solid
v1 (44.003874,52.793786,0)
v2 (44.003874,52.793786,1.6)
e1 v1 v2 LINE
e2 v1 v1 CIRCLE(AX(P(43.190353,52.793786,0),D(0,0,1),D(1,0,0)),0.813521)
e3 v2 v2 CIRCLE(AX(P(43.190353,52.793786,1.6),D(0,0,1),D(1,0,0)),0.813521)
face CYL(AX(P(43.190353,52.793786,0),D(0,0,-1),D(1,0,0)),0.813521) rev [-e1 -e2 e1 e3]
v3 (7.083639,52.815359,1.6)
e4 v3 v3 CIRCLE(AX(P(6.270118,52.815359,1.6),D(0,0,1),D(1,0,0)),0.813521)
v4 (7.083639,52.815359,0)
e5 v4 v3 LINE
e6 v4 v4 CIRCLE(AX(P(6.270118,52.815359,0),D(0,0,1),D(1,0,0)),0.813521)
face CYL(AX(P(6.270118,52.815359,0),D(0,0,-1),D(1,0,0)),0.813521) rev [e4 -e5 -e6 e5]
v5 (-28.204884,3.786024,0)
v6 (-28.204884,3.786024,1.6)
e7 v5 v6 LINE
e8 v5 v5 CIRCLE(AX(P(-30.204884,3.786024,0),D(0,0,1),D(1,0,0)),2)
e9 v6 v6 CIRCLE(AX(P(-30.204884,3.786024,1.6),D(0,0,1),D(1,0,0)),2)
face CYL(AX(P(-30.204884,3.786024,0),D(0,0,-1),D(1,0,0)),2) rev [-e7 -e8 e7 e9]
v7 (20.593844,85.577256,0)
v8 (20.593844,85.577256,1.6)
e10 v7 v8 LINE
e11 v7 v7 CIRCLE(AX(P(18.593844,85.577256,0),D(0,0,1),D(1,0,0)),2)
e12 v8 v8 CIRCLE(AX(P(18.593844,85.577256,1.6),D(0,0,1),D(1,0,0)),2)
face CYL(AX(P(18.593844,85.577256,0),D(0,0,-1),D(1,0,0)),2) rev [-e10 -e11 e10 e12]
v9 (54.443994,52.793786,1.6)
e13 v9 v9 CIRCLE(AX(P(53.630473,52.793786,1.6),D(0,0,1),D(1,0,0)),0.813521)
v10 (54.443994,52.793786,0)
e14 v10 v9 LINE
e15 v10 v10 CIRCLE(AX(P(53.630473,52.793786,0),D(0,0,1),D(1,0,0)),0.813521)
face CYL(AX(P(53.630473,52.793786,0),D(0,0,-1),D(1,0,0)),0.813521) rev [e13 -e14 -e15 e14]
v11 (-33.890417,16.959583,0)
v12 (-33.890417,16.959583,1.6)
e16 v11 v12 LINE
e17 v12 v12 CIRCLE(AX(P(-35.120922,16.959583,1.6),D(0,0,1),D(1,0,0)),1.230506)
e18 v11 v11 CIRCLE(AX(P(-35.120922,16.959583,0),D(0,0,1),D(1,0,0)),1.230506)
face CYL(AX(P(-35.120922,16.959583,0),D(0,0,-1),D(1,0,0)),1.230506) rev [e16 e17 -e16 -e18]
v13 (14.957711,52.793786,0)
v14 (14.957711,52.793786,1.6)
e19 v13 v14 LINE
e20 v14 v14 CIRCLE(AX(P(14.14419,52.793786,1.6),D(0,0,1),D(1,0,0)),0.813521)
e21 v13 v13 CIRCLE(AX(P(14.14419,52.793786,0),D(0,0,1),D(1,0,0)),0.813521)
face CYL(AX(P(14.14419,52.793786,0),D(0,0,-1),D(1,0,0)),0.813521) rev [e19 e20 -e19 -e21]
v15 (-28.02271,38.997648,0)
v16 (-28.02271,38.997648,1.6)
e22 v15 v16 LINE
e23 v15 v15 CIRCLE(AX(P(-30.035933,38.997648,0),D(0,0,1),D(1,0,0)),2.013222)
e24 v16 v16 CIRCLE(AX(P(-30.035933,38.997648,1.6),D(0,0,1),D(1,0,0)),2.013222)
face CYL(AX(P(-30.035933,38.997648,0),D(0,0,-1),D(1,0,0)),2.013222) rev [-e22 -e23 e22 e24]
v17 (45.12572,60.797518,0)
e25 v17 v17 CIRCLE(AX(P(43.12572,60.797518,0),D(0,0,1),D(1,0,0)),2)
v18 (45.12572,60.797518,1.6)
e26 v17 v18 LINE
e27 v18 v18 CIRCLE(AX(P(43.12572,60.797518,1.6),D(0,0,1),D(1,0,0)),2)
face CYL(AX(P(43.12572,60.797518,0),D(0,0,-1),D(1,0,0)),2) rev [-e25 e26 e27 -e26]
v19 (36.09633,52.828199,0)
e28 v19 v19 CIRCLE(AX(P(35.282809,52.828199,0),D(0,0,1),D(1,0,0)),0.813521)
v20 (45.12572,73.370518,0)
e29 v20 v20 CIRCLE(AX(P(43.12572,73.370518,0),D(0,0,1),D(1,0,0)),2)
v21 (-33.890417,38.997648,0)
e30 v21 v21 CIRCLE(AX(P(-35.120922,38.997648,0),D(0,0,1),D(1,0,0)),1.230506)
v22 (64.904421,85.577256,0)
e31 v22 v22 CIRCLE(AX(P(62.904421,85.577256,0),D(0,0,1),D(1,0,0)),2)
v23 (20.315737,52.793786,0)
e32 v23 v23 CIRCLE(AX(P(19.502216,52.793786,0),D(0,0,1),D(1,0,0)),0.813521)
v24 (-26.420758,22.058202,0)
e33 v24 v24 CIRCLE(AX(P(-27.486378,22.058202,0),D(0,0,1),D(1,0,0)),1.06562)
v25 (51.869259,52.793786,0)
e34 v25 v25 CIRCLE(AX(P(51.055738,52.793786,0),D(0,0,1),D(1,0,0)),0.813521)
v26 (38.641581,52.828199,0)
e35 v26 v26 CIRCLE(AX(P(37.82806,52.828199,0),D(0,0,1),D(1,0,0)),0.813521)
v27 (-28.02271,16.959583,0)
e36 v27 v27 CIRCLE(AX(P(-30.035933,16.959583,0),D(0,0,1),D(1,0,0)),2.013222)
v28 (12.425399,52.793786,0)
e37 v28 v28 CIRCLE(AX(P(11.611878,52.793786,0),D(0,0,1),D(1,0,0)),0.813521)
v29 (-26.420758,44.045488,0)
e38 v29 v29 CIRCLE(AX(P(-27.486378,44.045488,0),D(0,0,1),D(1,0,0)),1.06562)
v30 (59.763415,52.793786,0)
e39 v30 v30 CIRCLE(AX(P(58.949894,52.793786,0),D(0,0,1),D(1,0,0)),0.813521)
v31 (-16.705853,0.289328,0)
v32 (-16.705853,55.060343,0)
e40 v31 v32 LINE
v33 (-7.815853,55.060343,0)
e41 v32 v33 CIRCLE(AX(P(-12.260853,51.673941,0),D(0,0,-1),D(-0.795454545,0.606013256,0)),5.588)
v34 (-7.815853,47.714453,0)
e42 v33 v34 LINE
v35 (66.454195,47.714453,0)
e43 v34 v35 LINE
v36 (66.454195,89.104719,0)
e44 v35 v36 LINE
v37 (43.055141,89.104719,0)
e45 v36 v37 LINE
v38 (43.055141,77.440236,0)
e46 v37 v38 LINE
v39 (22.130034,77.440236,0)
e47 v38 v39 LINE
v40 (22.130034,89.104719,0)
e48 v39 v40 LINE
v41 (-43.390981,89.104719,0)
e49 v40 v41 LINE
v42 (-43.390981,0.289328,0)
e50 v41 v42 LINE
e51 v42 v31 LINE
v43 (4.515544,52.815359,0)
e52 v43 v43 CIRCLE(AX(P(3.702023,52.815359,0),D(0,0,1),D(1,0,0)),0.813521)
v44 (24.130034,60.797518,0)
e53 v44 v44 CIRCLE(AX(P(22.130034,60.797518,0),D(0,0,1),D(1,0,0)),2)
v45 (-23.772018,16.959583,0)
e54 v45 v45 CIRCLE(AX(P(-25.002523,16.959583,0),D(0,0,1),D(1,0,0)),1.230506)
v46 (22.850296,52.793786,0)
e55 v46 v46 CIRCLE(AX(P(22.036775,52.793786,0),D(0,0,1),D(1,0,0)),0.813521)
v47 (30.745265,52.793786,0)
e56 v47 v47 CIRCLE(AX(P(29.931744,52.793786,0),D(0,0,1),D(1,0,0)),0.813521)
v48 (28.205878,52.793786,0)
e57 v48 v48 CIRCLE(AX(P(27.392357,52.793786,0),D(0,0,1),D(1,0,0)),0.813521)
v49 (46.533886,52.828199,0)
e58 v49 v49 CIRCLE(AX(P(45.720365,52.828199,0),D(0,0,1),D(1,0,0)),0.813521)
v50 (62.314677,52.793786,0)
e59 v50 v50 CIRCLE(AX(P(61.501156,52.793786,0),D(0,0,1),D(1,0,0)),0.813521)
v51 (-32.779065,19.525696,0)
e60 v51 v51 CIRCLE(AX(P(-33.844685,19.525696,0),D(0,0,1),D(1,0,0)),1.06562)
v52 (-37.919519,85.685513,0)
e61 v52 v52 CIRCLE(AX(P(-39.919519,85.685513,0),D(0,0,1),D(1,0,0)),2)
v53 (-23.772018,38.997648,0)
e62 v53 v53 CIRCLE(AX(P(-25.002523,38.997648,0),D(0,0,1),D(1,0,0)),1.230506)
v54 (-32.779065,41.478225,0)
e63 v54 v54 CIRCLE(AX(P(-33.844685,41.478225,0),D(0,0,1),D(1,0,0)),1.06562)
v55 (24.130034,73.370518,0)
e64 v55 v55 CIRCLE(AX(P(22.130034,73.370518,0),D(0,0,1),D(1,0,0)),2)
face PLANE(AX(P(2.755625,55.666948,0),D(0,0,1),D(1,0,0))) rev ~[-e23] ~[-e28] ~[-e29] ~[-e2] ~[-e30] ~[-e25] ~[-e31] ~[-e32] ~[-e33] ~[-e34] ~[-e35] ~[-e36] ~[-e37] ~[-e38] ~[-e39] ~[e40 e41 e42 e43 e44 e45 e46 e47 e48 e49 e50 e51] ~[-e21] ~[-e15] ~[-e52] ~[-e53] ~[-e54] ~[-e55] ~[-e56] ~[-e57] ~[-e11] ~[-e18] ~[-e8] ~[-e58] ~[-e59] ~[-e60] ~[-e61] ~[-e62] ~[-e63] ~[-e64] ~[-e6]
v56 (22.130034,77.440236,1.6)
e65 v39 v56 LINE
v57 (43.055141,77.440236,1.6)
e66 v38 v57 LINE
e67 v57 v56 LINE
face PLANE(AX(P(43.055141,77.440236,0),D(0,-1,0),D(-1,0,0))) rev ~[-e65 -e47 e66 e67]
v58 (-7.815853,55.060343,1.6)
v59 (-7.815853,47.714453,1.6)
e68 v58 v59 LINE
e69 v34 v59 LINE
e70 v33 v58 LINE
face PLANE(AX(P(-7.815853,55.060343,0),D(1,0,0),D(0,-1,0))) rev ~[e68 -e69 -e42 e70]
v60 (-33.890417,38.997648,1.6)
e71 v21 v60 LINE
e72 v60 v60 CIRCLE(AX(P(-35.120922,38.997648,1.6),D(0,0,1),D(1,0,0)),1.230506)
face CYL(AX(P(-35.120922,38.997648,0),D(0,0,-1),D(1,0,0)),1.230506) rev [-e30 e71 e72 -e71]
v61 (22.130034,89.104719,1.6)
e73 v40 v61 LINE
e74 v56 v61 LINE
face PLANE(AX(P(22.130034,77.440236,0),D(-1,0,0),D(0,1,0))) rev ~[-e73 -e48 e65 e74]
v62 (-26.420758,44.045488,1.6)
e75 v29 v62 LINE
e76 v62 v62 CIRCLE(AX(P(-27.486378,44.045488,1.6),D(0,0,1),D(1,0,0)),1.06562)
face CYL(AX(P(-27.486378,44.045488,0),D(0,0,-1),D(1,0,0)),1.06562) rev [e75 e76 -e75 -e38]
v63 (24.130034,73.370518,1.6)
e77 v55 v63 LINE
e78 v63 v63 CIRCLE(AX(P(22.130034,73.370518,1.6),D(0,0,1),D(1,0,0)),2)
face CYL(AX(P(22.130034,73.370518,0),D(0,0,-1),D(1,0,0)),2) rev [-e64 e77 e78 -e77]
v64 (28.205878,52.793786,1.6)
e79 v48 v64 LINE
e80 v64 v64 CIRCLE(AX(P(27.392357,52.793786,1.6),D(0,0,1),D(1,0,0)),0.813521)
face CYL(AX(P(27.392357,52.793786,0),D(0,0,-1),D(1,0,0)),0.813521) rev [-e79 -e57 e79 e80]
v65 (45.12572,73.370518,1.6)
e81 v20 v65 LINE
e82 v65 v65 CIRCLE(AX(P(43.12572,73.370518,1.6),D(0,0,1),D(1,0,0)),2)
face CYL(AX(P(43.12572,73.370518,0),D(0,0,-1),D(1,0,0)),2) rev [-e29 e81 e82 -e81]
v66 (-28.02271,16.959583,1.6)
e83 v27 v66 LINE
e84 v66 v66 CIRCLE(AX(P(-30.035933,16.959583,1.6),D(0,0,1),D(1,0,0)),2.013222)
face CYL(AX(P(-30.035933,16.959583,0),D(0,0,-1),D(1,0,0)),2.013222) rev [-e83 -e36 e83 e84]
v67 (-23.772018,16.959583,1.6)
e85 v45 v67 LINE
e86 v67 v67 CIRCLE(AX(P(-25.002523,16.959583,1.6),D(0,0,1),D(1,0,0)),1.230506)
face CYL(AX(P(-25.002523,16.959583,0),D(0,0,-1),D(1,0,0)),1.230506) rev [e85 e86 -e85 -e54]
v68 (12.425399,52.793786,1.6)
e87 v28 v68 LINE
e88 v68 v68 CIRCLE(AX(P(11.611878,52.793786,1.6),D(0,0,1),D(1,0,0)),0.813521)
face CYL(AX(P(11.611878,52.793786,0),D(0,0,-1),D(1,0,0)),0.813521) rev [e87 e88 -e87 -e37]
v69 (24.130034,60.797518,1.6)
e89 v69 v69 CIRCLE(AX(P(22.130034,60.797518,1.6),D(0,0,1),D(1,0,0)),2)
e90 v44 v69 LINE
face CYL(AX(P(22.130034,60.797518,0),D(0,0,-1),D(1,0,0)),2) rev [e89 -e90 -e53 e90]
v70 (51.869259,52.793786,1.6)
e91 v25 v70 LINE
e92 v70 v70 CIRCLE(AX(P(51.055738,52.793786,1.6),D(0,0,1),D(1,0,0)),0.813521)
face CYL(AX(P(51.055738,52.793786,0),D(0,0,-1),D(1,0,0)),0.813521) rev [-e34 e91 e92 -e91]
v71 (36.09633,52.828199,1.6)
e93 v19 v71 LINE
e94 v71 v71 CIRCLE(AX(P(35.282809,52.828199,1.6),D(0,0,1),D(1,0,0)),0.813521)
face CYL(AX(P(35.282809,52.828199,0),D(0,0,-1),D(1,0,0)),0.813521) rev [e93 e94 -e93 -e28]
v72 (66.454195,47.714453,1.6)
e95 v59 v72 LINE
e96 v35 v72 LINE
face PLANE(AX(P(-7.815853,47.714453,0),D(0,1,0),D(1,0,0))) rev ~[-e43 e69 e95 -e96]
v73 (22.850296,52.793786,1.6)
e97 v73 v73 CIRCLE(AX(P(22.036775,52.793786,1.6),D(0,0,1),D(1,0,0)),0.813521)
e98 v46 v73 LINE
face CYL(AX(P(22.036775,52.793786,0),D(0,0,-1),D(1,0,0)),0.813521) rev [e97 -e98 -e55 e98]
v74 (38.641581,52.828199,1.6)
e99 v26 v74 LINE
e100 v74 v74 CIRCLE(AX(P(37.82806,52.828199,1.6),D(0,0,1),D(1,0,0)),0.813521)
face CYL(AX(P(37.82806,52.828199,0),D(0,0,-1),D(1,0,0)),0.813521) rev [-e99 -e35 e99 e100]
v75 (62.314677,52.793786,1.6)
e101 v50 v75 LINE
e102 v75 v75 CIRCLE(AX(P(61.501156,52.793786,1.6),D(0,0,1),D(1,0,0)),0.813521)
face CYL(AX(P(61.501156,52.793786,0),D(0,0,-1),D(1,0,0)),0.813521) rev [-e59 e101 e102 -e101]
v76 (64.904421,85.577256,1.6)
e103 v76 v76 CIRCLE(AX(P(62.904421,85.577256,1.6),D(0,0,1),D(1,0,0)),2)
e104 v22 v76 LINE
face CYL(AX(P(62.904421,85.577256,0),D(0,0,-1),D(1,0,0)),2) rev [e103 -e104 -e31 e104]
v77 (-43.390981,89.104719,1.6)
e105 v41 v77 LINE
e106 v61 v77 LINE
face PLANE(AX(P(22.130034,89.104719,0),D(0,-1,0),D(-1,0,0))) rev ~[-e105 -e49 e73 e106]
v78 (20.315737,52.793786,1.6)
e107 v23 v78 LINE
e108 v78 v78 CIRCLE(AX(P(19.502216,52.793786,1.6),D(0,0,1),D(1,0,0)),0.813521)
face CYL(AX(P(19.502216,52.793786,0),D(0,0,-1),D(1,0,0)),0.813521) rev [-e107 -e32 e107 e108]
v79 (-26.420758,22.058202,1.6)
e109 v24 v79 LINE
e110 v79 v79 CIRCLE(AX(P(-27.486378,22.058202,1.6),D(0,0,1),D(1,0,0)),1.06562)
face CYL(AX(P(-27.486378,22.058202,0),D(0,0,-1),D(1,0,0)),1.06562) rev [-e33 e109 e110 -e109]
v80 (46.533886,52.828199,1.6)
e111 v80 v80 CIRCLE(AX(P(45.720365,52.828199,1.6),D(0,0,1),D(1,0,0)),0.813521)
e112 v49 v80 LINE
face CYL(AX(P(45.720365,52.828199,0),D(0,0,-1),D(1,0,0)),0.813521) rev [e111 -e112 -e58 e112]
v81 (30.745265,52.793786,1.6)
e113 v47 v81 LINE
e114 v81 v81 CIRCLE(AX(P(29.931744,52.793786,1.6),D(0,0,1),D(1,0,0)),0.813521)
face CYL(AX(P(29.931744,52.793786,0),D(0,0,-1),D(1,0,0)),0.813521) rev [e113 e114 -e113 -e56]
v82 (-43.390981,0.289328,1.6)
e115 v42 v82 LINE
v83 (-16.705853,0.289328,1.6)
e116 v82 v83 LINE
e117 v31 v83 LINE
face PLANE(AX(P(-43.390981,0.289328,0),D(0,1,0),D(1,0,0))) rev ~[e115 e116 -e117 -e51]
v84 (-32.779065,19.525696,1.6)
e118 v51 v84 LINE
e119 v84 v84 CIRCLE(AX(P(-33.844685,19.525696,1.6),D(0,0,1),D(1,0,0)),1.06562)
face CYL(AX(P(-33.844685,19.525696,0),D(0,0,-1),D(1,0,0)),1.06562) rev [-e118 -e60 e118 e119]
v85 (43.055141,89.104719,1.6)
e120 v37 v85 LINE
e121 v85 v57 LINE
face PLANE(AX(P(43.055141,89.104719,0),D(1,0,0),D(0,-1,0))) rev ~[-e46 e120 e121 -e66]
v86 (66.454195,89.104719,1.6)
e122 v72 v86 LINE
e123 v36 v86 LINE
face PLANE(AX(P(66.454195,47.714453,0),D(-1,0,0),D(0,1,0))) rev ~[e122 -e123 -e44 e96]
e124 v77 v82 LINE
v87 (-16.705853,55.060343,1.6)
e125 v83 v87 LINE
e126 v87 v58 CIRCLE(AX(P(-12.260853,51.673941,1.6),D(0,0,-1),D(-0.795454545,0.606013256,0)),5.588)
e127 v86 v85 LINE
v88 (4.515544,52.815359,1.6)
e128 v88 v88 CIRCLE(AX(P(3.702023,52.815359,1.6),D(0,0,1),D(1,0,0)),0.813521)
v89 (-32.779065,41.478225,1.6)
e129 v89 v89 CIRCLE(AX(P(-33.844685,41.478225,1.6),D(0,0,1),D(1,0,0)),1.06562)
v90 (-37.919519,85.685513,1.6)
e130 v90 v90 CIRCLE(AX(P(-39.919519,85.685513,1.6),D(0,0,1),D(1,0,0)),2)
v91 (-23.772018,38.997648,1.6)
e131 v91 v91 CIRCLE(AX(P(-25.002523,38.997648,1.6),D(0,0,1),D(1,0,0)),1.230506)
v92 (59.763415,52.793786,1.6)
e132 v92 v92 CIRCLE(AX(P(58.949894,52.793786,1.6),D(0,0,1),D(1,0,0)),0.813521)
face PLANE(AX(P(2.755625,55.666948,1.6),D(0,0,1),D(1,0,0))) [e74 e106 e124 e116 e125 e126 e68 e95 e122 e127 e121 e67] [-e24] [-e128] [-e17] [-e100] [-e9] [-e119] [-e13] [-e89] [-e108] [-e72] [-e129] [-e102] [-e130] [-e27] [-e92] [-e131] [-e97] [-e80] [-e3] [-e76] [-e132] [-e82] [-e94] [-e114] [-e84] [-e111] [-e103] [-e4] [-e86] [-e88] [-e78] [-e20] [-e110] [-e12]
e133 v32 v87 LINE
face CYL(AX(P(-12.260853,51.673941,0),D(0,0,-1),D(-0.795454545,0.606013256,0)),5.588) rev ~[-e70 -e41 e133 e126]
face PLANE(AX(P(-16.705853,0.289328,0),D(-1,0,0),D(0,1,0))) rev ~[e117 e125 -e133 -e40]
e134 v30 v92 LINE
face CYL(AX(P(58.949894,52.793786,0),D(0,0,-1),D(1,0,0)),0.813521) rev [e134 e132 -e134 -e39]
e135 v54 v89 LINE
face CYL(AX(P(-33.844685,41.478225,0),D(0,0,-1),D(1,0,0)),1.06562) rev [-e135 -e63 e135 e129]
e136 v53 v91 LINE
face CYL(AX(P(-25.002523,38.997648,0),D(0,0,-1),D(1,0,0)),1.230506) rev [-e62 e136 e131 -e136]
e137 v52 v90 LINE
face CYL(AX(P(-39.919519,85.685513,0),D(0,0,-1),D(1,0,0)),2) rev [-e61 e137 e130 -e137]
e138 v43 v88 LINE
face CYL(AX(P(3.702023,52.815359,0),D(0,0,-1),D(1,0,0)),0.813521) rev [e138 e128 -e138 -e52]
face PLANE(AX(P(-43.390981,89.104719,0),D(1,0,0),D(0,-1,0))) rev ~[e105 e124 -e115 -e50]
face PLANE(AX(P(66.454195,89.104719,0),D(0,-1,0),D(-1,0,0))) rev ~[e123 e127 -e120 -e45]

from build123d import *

# Parameters (mm, degrees)
SKETCH1_R           = 2
SKETCH1_R_2         = 1.230505914
SKETCH1_R_3         = 1.065619784
SKETCH1_R_4         = 2.013222478
SKETCH1_R_5         = 0.813520941
BOSS_EXTRUDE1_DEPTH = 1.6


with BuildPart() as part:
    # Sketch1 → Boss-Extrude1 (new body)
    with BuildSketch(Plane.XY):
        with BuildLine():
            Line((-43.390980767, 89.104719312), (-43.390980767, 0.289327535))
            Line((-43.390980767, 0.289327535), (-16.705853066, 0.289327535))
            Line((-16.705853066, 0.289327535), (-16.705853066, 55.060343389))
            ThreePointArc((-16.705853066, 55.060343389), (-12.260853066, 57.261941316), (-7.815853066, 55.060343389))
            Line((-7.815853066, 55.060343389), (-7.815853066, 47.714452921))
            Line((-7.815853066, 47.714452921), (66.454194778, 47.714452921))
            Line((66.454194778, 47.714452921), (66.454194778, 48.476452921))
            Line((66.454194778, 48.476452921), (66.454194778, 89.104719312))
            Line((66.454194778, 89.104719312), (43.055141469, 89.104719312))
            Line((43.055141469, 89.104719312), (43.055141469, 77.440236178))
            Line((43.055141469, 77.440236178), (22.130034422, 77.440236178))
            Line((22.130034422, 77.440236178), (22.130034422, 89.104719312))
            Line((22.130034422, 89.104719312), (-43.390980767, 89.104719312))
        make_face()
        with Locations((-30.204884299, 3.786024021)):
            Circle(SKETCH1_R, mode=Mode.SUBTRACT)
        with Locations((-35.12092244, 16.959583239)):
            Circle(SKETCH1_R_2, mode=Mode.SUBTRACT)
        with Locations((-33.844684508, 19.525695646)):
            Circle(SKETCH1_R_3, mode=Mode.SUBTRACT)
        with Locations((-30.03593296, 16.959583239)):
            Circle(SKETCH1_R_4, mode=Mode.SUBTRACT)
        with Locations((-25.002523415, 16.959583239)):
            Circle(SKETCH1_R_2, mode=Mode.SUBTRACT)
        with Locations((-27.486377969, 22.058201664)):
            Circle(SKETCH1_R_3, mode=Mode.SUBTRACT)
        with Locations((-35.12092244, 38.997647894)):
            Circle(SKETCH1_R_2, mode=Mode.SUBTRACT)
        with Locations((-30.03593296, 38.997647894)):
            Circle(SKETCH1_R_4, mode=Mode.SUBTRACT)
        with Locations((-33.844684508, 41.478225078)):
            Circle(SKETCH1_R_3, mode=Mode.SUBTRACT)
        with Locations((-25.002523415, 38.997647894)):
            Circle(SKETCH1_R_2, mode=Mode.SUBTRACT)
        with Locations((-27.486377969, 44.045488268)):
            Circle(SKETCH1_R_3, mode=Mode.SUBTRACT)
        with Locations((3.702023102, 52.815358714)):
            Circle(SKETCH1_R_5, mode=Mode.SUBTRACT)
        with Locations((6.270118325, 52.815358714)):
            Circle(SKETCH1_R_5, mode=Mode.SUBTRACT)
        with Locations((-39.919519396, 85.68551268)):
            Circle(SKETCH1_R, mode=Mode.SUBTRACT)
        with Locations((11.611877913, 52.793786064)):
            Circle(SKETCH1_R_5, mode=Mode.SUBTRACT)
        with Locations((14.144190439, 52.793786064)):
            Circle(SKETCH1_R_5, mode=Mode.SUBTRACT)
        with Locations((19.502215653, 52.793786064)):
            Circle(SKETCH1_R_5, mode=Mode.SUBTRACT)
        with Locations((22.036775121, 52.793786064)):
            Circle(SKETCH1_R_5, mode=Mode.SUBTRACT)
        with Locations((27.392356576, 52.793786064)):
            Circle(SKETCH1_R_5, mode=Mode.SUBTRACT)
        with Locations((29.931743714, 52.793786064)):
            Circle(SKETCH1_R_5, mode=Mode.SUBTRACT)
        with Locations((35.282808648, 52.828198648)):
            Circle(SKETCH1_R_5, mode=Mode.SUBTRACT)
        with Locations((37.828059634, 52.828198648)):
            Circle(SKETCH1_R_5, mode=Mode.SUBTRACT)
        with Locations((22.130034422, 60.797517772)):
            Circle(SKETCH1_R, mode=Mode.SUBTRACT)
        with Locations((43.190352962, 52.793786064)):
            Circle(SKETCH1_R_5, mode=Mode.SUBTRACT)
        with Locations((45.720365379, 52.828198648)):
            Circle(SKETCH1_R_5, mode=Mode.SUBTRACT)
        with Locations((51.055737978, 52.793786064)):
            Circle(SKETCH1_R_5, mode=Mode.SUBTRACT)
        with Locations((53.630473203, 52.793786064)):
            Circle(SKETCH1_R_5, mode=Mode.SUBTRACT)
        with Locations((58.949894198, 52.793786064)):
            Circle(SKETCH1_R_5, mode=Mode.SUBTRACT)
        with Locations((61.501156091, 52.793786064)):
            Circle(SKETCH1_R_5, mode=Mode.SUBTRACT)
        with Locations((43.125719502, 60.797517772)):
            Circle(SKETCH1_R, mode=Mode.SUBTRACT)
        with Locations((22.130034422, 73.370517772)):
            Circle(SKETCH1_R, mode=Mode.SUBTRACT)
        with Locations((18.59384388, 85.577256227)):
            Circle(SKETCH1_R, mode=Mode.SUBTRACT)
        with Locations((43.125719502, 73.370517772)):
            Circle(SKETCH1_R, mode=Mode.SUBTRACT)
        with Locations((62.904421424, 85.577256227)):
            Circle(SKETCH1_R, mode=Mode.SUBTRACT)
    extrude(amount=BOSS_EXTRUDE1_DEPTH)


solid = part.part
